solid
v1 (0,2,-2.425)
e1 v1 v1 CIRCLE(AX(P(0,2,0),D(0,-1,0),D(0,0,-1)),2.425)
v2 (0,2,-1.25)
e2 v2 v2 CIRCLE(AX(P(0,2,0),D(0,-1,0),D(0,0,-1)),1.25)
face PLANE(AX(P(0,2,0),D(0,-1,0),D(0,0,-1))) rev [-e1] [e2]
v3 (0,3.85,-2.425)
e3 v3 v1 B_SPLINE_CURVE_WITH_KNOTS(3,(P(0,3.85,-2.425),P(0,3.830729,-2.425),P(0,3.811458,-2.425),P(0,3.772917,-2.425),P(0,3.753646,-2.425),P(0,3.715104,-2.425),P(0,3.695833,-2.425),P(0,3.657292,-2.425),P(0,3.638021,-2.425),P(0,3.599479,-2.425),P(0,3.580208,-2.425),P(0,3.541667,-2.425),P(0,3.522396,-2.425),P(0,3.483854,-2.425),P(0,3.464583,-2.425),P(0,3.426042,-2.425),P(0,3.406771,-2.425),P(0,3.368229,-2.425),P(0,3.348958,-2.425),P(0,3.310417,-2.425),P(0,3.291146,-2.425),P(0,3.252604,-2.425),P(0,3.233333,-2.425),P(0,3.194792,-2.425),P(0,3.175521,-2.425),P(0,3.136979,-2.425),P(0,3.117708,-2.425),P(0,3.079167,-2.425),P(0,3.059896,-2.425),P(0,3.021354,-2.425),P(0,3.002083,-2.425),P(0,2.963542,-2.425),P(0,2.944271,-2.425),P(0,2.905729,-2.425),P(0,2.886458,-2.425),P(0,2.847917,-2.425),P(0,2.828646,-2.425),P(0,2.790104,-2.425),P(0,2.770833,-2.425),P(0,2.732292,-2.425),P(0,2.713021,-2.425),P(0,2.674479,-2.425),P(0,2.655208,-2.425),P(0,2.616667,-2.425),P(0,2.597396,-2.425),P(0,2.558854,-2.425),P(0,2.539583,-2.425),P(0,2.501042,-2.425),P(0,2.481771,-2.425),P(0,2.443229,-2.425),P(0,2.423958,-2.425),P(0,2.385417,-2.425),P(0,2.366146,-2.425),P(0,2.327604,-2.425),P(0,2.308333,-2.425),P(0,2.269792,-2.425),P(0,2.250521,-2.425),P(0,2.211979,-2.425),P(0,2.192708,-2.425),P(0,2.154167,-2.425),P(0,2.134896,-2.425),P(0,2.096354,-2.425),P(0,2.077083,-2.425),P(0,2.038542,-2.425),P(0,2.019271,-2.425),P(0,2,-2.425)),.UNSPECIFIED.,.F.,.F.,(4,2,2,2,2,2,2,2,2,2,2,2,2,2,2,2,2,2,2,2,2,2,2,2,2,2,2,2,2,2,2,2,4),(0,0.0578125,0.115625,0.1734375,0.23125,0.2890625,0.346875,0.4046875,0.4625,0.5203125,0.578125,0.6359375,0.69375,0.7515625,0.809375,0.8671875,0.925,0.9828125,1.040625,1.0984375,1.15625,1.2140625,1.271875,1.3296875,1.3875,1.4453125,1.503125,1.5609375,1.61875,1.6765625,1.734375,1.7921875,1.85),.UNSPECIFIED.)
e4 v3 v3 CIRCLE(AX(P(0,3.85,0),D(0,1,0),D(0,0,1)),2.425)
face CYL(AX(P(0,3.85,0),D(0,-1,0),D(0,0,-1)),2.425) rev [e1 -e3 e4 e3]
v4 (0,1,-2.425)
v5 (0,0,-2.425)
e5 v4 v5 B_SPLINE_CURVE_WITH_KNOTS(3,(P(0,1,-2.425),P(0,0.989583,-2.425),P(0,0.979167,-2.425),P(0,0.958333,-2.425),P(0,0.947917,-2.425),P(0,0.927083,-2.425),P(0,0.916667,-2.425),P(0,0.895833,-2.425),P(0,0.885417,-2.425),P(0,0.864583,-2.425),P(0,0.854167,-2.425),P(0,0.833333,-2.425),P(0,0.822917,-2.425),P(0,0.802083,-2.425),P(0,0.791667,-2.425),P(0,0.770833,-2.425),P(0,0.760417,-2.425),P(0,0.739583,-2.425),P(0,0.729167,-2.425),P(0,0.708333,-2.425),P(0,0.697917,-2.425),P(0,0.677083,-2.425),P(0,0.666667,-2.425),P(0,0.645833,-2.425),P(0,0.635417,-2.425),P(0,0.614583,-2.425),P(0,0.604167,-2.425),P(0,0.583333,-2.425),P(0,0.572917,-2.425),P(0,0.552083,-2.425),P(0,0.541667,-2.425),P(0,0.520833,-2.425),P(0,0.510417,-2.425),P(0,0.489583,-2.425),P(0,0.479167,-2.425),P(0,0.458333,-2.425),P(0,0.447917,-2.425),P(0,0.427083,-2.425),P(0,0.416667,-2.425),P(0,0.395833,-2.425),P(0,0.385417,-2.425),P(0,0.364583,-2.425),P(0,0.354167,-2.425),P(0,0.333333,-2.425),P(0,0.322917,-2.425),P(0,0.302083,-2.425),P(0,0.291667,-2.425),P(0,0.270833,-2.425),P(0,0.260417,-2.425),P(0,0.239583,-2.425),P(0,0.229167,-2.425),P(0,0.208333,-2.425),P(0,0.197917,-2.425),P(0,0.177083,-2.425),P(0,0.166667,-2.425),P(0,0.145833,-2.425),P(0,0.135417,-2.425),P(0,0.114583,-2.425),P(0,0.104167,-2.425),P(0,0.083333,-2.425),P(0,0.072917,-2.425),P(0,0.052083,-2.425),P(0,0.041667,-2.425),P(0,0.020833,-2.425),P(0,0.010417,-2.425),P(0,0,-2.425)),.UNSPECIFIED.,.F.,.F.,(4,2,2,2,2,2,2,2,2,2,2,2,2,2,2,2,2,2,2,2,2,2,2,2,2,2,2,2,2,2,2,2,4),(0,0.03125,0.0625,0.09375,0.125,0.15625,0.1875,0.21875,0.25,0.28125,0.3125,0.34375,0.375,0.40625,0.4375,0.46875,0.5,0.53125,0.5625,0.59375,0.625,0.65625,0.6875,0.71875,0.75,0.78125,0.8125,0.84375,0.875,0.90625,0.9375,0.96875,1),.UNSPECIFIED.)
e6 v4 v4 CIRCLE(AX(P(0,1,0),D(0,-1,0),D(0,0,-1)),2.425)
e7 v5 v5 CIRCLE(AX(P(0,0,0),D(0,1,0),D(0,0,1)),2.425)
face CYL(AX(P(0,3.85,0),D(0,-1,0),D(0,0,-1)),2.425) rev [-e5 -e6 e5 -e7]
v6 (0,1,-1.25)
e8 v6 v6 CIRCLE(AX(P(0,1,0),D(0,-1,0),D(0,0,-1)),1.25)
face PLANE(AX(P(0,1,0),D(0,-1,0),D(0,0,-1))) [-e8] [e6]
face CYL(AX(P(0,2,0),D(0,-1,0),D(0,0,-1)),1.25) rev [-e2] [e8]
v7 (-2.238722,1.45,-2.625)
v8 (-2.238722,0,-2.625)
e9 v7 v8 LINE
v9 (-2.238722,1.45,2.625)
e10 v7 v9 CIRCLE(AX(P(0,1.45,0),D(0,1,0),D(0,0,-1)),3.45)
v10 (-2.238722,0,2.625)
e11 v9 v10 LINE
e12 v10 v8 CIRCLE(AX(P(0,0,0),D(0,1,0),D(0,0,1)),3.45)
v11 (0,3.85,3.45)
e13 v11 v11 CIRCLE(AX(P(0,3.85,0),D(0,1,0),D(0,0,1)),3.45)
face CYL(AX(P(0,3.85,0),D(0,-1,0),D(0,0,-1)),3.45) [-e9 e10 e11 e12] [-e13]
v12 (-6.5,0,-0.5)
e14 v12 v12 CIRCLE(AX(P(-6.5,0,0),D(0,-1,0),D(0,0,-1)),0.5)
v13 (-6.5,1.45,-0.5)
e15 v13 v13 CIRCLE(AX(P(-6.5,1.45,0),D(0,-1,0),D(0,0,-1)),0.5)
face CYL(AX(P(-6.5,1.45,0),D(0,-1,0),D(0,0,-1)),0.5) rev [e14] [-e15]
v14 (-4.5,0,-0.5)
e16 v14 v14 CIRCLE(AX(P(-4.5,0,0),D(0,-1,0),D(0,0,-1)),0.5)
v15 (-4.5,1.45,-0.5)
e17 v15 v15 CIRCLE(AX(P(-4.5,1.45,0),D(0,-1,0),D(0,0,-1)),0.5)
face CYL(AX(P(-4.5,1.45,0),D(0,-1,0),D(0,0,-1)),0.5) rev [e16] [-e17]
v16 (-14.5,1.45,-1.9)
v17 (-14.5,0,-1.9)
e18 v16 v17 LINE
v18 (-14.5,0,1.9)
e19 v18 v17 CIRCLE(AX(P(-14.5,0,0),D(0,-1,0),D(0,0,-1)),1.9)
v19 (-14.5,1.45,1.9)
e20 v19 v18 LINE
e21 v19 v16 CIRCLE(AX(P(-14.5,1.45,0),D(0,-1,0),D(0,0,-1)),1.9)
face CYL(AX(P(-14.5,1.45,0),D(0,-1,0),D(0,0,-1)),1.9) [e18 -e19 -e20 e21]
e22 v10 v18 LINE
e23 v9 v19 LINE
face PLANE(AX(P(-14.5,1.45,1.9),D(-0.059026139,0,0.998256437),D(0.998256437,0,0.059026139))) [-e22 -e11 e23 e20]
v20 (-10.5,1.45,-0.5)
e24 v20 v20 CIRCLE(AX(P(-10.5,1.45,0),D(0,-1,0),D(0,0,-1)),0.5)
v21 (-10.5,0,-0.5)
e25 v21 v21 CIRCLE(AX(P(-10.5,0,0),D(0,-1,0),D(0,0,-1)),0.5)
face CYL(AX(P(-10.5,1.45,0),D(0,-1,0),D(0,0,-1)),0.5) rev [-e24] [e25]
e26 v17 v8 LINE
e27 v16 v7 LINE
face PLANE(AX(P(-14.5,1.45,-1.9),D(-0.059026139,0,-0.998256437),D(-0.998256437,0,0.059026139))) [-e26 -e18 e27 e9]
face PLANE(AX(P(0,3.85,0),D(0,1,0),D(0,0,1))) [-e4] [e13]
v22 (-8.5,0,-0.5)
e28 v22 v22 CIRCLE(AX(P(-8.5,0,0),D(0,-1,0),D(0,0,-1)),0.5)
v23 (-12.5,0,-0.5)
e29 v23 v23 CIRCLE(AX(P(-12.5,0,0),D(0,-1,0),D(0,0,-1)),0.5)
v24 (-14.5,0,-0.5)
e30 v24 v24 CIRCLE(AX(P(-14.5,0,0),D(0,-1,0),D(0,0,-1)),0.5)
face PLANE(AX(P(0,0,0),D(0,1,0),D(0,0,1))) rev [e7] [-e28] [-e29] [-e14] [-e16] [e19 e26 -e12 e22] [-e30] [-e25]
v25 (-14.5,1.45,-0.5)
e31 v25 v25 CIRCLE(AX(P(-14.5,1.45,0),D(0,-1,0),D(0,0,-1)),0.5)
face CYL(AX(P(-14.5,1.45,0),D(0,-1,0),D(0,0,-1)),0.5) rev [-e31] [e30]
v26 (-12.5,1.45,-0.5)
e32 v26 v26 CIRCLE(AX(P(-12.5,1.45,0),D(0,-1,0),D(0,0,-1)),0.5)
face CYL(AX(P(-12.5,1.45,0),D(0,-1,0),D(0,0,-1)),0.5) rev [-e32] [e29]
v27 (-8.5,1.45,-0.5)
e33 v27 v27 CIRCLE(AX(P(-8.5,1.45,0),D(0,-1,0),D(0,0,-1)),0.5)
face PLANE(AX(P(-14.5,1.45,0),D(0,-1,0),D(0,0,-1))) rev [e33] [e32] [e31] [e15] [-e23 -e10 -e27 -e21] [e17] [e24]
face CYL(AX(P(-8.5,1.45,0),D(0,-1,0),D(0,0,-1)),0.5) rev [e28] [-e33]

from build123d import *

# Parameters (mm, degrees)
SKETCH_1_R      = 3.45
SKETCH_1_R_2    = 2.425
EXTRUDE_1_DEPTH = 3.85
SKETCH_2_R      = 2.425
SKETCH_2_R_2    = 1.25
EXTRUDE_2_DEPTH = 1
SKETCH_3_R      = 0.5
EXTRUDE_3_DEPTH = 1.45


with BuildPart() as part:
    # 草图1 → 凸台-拉伸1 (new body)
    with BuildSketch(Plane(origin=(0, 0, 0), x_dir=(1, 0, 0), z_dir=(0, 1, 0))):
        with Locations(Location((0, 0, 0), (0, 0, 90))):
            Circle(SKETCH_1_R)
        with Locations(Location((0, 0, 0), (0, 0, 90))):
            Circle(SKETCH_1_R_2, mode=Mode.SUBTRACT)
    extrude(amount=EXTRUDE_1_DEPTH)

    # 草图2 → 凸台-拉伸2 (add)
    with BuildSketch(Plane(origin=(0, 1, 0), x_dir=(-1, 0, 0), z_dir=(0, -1, 0))):
        with Locations(Location((0, 0, 0), (0, 0, 90))):
            Circle(SKETCH_2_R)
        with Locations(Location((0, 0, 0), (0, 0, 90))):
            Circle(SKETCH_2_R_2, mode=Mode.SUBTRACT)
    extrude(amount=-EXTRUDE_2_DEPTH)

    # 草图3 → 凸台-拉伸3 (add)
    with BuildSketch(Plane.XZ):
        with BuildLine():
            Line((-14.5, -1.9), (-2.238721733, -2.625))
            ThreePointArc((-2.238721733, -2.625), (-3.45, 0), (-2.238721733, 2.625))
            Line((-2.238721733, 2.625), (-14.5, 1.9))
            ThreePointArc((-14.5, 1.9), (-16.4, 0), (-14.5, -1.9))
        make_face()
        with Locations(Location((-14.5, 0, 0), (0, 0, 270))):
            Circle(SKETCH_3_R, mode=Mode.SUBTRACT)
        with Locations(Location((-12.5, 0, 0), (0, 0, 270))):
            Circle(SKETCH_3_R, mode=Mode.SUBTRACT)
        with Locations(Location((-10.5, 0, 0), (0, 0, 270))):
            Circle(SKETCH_3_R, mode=Mode.SUBTRACT)
        with Locations(Location((-8.5, 0, 0), (0, 0, 270))):
            Circle(SKETCH_3_R, mode=Mode.SUBTRACT)
        with Locations(Location((-6.5, 0, 0), (0, 0, 270))):
            Circle(SKETCH_3_R, mode=Mode.SUBTRACT)
        with Locations(Location((-4.5, 0, 0), (0, 0, 270))):
            Circle(SKETCH_3_R, mode=Mode.SUBTRACT)
    extrude(amount=-EXTRUDE_3_DEPTH)


solid = part.part
